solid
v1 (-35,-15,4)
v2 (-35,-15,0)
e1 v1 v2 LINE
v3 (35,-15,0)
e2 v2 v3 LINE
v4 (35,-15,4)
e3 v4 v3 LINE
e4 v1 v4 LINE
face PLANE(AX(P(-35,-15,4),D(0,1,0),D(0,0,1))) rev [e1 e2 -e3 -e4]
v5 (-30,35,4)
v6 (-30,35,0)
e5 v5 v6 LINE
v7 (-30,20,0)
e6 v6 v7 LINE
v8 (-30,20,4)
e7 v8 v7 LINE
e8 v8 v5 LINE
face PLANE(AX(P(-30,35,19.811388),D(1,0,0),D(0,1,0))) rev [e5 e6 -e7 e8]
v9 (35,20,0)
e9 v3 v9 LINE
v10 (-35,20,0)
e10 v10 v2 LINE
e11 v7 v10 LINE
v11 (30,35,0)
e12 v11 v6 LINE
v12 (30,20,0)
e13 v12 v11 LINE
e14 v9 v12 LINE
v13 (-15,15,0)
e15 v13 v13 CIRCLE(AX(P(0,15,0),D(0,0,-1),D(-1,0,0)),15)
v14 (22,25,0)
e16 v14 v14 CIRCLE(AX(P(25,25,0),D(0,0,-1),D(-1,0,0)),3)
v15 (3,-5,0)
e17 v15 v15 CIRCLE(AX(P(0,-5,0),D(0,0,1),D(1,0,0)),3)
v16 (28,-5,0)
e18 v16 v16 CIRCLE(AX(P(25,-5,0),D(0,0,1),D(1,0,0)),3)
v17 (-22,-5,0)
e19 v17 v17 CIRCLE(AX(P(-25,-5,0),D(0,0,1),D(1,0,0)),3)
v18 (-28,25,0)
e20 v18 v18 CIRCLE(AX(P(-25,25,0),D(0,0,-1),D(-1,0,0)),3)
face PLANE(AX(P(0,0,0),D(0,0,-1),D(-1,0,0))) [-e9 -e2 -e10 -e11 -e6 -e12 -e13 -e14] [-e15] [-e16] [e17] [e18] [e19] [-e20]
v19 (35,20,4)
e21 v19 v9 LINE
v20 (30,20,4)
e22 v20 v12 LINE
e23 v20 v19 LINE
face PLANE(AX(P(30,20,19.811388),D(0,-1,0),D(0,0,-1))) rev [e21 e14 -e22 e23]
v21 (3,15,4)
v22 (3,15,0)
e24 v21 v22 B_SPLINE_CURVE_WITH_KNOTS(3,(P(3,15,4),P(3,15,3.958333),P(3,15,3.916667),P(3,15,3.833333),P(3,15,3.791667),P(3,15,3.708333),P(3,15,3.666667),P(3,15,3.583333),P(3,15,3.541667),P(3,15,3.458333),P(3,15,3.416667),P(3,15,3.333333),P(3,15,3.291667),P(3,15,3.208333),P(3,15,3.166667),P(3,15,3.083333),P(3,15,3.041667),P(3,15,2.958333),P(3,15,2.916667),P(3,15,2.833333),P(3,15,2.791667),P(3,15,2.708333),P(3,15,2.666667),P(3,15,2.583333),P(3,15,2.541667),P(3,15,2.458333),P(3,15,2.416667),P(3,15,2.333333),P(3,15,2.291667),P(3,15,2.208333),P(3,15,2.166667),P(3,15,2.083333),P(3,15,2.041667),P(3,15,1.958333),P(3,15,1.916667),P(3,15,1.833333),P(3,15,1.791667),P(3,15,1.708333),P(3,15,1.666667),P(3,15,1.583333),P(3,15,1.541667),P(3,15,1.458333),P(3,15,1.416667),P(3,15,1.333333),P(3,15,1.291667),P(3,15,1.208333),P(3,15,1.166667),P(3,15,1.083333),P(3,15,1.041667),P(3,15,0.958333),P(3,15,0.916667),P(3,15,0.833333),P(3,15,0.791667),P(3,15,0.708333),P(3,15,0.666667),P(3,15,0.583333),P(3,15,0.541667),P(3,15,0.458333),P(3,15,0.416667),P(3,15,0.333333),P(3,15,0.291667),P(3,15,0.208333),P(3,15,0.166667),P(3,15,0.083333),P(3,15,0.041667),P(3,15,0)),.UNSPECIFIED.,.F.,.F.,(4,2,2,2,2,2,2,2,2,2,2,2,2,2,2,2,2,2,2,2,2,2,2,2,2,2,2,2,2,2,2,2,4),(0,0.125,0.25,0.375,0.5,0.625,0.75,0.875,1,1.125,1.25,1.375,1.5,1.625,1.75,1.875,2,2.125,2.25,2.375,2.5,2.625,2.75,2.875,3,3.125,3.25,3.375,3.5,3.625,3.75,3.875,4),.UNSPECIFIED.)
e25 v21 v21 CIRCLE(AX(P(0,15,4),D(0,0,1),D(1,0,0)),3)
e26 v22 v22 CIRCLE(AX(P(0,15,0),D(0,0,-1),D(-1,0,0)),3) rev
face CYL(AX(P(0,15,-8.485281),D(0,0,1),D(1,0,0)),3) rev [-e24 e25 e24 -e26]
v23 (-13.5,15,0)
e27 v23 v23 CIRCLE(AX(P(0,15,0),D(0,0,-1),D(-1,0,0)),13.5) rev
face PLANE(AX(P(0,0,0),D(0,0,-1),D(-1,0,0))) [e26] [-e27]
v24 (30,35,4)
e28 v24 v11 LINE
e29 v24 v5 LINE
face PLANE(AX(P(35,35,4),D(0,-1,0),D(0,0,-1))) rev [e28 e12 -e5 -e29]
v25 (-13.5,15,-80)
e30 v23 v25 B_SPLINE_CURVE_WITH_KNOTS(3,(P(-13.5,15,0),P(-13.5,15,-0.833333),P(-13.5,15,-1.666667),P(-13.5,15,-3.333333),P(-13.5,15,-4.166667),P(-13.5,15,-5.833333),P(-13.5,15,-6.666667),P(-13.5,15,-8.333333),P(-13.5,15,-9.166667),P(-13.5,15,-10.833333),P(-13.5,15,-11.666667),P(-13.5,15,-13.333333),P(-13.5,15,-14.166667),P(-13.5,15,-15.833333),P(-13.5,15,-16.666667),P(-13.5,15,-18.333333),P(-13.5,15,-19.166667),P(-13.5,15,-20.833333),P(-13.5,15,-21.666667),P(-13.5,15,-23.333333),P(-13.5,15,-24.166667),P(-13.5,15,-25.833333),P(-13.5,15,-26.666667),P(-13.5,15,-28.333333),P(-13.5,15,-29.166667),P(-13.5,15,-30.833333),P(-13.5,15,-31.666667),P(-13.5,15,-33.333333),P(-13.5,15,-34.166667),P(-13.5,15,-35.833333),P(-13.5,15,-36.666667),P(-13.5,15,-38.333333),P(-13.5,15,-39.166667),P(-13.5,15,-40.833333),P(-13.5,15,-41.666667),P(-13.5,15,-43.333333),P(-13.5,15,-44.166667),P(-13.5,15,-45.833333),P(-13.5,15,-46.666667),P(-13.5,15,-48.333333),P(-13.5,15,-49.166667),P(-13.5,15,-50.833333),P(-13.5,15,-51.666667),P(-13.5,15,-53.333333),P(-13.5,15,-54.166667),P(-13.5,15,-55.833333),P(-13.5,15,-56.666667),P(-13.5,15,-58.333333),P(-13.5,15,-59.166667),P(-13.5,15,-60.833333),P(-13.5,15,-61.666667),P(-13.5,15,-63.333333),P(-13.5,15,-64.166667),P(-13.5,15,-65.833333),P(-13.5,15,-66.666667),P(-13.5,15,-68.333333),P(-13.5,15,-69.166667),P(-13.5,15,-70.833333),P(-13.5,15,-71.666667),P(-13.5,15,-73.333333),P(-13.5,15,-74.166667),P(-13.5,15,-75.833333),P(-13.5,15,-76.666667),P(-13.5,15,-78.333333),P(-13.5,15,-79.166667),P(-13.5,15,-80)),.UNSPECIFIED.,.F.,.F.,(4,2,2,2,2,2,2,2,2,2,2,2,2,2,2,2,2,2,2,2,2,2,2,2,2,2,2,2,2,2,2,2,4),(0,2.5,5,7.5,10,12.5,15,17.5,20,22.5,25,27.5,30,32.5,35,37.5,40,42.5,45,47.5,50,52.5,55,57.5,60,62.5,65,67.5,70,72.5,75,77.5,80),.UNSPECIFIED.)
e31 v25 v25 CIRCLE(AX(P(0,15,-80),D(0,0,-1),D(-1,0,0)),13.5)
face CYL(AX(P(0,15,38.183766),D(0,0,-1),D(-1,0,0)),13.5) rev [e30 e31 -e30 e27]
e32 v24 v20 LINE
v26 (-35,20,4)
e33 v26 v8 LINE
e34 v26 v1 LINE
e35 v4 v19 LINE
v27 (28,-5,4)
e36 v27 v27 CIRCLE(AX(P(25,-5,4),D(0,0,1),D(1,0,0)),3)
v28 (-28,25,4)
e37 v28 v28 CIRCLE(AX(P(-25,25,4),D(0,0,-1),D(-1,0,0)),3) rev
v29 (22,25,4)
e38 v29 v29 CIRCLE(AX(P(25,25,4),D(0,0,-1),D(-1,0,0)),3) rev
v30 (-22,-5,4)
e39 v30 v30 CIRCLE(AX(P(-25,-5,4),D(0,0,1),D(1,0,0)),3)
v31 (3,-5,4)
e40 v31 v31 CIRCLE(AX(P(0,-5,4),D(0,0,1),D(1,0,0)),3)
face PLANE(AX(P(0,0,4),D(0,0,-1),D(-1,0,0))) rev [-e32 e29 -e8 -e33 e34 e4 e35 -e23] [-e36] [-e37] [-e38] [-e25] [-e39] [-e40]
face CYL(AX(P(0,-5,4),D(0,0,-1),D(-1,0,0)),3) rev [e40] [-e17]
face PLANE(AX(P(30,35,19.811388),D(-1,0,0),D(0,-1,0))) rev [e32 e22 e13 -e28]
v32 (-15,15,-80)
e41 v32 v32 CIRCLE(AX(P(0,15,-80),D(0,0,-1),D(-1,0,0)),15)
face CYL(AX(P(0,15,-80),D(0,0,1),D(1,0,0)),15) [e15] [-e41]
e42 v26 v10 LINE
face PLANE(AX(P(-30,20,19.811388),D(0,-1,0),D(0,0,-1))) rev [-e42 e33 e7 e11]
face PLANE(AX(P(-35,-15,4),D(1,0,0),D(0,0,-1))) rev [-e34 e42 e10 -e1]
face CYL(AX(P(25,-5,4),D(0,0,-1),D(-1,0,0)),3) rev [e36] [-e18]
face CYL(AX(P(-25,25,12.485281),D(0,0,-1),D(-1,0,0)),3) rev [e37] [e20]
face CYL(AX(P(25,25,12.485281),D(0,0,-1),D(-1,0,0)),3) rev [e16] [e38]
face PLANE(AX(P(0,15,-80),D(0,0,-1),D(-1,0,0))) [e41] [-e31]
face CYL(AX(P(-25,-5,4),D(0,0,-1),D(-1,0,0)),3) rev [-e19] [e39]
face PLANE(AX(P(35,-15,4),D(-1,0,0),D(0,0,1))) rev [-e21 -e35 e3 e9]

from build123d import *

# Parameters (mm, degrees)
CROQUIS1_W              = 70
CROQUIS1_H              = 30
CROQUIS1_R              = 3
SALIENTE_EXTRUIR1_DEPTH = 4
CROQUIS3_W              = 70
CROQUIS3_H              = 20
SALIENTE_EXTRUIR2_DEPTH = 4
CROQUIS4_R              = 15
SALIENTE_EXTRUIR3_DEPTH = 80
CROQUIS5_R              = 3
CORTAR_EXTRUIR1_DEPTH   = 4
CROQUIS7_R              = 13.5
CORTAR_EXTRUIR2_DEPTH   = 80
CROQUIS6_R              = 3
CORTAR_EXTRUIR3_DEPTH   = 4
CROQUIS8_W              = 5
CROQUIS8_H              = 15
CORTAR_EXTRUIR4_DEPTH   = 4


with BuildPart() as part:
    # Croquis1 → Saliente-Extruir1 (new body)
    with BuildSketch(Plane.XY):
        Rectangle(CROQUIS1_W, CROQUIS1_H)
        with Locations((0, -5)):
            Circle(CROQUIS1_R, mode=Mode.SUBTRACT)
        with Locations((25, -5)):
            Circle(CROQUIS1_R, mode=Mode.SUBTRACT)
        with Locations((-25, -5)):
            Circle(CROQUIS1_R, mode=Mode.SUBTRACT)
    extrude(amount=SALIENTE_EXTRUIR1_DEPTH)

    # Croquis3 → Saliente-Extruir2 (add)
    with BuildSketch(Plane.XY):
        with Locations((0, 25)):
            Rectangle(CROQUIS3_W, CROQUIS3_H)
    extrude(amount=SALIENTE_EXTRUIR2_DEPTH)

    # Croquis4 → Saliente-Extruir3 (add)
    with BuildSketch(Plane(origin=(0, 0, 0), x_dir=(-1, 0, 0), z_dir=(0, 0, -1))):
        with Locations((0, 15)):
            Circle(CROQUIS4_R)
    extrude(amount=SALIENTE_EXTRUIR3_DEPTH)

    # Croquis5 → Cortar-Extruir1 (cut)
    with BuildSketch(Plane(origin=(0, 0, 0), x_dir=(-1, 0, 0), z_dir=(0, 0, -1))):
        with Locations((-25, 25)):
            Circle(CROQUIS5_R)
        with Locations((25, 25)):
            Circle(CROQUIS5_R)
    extrude(amount=-CORTAR_EXTRUIR1_DEPTH, mode=Mode.SUBTRACT)

    # Croquis7 → Cortar-Extruir2 (cut)
    with BuildSketch(Plane(origin=(0, 0, -80), x_dir=(-1, 0, 0), z_dir=(0, 0, -1))):
        with Locations((0, 15)):
            Circle(CROQUIS7_R)
    extrude(amount=-CORTAR_EXTRUIR2_DEPTH, mode=Mode.SUBTRACT)

    # Croquis6 → Cortar-Extruir3 (cut)
    with BuildSketch(Plane.XY.offset(4)):
        with Locations((0, 15)):
            Circle(CROQUIS6_R)
    extrude(amount=-CORTAR_EXTRUIR3_DEPTH, mode=Mode.SUBTRACT)

    # Croquis8 → Cortar-Extruir4 (cut)
    with BuildSketch(Plane(origin=(0, 0, 0), x_dir=(-1, 0, 0), z_dir=(0, 0, -1))):
        with Locations((-32.5, 27.5)):
            Rectangle(CROQUIS8_W, CROQUIS8_H)
        with Locations((32.5, 27.5)):
            Rectangle(CROQUIS8_W, CROQUIS8_H)
    extrude(amount=-CORTAR_EXTRUIR4_DEPTH, mode=Mode.SUBTRACT)


solid = part.part
